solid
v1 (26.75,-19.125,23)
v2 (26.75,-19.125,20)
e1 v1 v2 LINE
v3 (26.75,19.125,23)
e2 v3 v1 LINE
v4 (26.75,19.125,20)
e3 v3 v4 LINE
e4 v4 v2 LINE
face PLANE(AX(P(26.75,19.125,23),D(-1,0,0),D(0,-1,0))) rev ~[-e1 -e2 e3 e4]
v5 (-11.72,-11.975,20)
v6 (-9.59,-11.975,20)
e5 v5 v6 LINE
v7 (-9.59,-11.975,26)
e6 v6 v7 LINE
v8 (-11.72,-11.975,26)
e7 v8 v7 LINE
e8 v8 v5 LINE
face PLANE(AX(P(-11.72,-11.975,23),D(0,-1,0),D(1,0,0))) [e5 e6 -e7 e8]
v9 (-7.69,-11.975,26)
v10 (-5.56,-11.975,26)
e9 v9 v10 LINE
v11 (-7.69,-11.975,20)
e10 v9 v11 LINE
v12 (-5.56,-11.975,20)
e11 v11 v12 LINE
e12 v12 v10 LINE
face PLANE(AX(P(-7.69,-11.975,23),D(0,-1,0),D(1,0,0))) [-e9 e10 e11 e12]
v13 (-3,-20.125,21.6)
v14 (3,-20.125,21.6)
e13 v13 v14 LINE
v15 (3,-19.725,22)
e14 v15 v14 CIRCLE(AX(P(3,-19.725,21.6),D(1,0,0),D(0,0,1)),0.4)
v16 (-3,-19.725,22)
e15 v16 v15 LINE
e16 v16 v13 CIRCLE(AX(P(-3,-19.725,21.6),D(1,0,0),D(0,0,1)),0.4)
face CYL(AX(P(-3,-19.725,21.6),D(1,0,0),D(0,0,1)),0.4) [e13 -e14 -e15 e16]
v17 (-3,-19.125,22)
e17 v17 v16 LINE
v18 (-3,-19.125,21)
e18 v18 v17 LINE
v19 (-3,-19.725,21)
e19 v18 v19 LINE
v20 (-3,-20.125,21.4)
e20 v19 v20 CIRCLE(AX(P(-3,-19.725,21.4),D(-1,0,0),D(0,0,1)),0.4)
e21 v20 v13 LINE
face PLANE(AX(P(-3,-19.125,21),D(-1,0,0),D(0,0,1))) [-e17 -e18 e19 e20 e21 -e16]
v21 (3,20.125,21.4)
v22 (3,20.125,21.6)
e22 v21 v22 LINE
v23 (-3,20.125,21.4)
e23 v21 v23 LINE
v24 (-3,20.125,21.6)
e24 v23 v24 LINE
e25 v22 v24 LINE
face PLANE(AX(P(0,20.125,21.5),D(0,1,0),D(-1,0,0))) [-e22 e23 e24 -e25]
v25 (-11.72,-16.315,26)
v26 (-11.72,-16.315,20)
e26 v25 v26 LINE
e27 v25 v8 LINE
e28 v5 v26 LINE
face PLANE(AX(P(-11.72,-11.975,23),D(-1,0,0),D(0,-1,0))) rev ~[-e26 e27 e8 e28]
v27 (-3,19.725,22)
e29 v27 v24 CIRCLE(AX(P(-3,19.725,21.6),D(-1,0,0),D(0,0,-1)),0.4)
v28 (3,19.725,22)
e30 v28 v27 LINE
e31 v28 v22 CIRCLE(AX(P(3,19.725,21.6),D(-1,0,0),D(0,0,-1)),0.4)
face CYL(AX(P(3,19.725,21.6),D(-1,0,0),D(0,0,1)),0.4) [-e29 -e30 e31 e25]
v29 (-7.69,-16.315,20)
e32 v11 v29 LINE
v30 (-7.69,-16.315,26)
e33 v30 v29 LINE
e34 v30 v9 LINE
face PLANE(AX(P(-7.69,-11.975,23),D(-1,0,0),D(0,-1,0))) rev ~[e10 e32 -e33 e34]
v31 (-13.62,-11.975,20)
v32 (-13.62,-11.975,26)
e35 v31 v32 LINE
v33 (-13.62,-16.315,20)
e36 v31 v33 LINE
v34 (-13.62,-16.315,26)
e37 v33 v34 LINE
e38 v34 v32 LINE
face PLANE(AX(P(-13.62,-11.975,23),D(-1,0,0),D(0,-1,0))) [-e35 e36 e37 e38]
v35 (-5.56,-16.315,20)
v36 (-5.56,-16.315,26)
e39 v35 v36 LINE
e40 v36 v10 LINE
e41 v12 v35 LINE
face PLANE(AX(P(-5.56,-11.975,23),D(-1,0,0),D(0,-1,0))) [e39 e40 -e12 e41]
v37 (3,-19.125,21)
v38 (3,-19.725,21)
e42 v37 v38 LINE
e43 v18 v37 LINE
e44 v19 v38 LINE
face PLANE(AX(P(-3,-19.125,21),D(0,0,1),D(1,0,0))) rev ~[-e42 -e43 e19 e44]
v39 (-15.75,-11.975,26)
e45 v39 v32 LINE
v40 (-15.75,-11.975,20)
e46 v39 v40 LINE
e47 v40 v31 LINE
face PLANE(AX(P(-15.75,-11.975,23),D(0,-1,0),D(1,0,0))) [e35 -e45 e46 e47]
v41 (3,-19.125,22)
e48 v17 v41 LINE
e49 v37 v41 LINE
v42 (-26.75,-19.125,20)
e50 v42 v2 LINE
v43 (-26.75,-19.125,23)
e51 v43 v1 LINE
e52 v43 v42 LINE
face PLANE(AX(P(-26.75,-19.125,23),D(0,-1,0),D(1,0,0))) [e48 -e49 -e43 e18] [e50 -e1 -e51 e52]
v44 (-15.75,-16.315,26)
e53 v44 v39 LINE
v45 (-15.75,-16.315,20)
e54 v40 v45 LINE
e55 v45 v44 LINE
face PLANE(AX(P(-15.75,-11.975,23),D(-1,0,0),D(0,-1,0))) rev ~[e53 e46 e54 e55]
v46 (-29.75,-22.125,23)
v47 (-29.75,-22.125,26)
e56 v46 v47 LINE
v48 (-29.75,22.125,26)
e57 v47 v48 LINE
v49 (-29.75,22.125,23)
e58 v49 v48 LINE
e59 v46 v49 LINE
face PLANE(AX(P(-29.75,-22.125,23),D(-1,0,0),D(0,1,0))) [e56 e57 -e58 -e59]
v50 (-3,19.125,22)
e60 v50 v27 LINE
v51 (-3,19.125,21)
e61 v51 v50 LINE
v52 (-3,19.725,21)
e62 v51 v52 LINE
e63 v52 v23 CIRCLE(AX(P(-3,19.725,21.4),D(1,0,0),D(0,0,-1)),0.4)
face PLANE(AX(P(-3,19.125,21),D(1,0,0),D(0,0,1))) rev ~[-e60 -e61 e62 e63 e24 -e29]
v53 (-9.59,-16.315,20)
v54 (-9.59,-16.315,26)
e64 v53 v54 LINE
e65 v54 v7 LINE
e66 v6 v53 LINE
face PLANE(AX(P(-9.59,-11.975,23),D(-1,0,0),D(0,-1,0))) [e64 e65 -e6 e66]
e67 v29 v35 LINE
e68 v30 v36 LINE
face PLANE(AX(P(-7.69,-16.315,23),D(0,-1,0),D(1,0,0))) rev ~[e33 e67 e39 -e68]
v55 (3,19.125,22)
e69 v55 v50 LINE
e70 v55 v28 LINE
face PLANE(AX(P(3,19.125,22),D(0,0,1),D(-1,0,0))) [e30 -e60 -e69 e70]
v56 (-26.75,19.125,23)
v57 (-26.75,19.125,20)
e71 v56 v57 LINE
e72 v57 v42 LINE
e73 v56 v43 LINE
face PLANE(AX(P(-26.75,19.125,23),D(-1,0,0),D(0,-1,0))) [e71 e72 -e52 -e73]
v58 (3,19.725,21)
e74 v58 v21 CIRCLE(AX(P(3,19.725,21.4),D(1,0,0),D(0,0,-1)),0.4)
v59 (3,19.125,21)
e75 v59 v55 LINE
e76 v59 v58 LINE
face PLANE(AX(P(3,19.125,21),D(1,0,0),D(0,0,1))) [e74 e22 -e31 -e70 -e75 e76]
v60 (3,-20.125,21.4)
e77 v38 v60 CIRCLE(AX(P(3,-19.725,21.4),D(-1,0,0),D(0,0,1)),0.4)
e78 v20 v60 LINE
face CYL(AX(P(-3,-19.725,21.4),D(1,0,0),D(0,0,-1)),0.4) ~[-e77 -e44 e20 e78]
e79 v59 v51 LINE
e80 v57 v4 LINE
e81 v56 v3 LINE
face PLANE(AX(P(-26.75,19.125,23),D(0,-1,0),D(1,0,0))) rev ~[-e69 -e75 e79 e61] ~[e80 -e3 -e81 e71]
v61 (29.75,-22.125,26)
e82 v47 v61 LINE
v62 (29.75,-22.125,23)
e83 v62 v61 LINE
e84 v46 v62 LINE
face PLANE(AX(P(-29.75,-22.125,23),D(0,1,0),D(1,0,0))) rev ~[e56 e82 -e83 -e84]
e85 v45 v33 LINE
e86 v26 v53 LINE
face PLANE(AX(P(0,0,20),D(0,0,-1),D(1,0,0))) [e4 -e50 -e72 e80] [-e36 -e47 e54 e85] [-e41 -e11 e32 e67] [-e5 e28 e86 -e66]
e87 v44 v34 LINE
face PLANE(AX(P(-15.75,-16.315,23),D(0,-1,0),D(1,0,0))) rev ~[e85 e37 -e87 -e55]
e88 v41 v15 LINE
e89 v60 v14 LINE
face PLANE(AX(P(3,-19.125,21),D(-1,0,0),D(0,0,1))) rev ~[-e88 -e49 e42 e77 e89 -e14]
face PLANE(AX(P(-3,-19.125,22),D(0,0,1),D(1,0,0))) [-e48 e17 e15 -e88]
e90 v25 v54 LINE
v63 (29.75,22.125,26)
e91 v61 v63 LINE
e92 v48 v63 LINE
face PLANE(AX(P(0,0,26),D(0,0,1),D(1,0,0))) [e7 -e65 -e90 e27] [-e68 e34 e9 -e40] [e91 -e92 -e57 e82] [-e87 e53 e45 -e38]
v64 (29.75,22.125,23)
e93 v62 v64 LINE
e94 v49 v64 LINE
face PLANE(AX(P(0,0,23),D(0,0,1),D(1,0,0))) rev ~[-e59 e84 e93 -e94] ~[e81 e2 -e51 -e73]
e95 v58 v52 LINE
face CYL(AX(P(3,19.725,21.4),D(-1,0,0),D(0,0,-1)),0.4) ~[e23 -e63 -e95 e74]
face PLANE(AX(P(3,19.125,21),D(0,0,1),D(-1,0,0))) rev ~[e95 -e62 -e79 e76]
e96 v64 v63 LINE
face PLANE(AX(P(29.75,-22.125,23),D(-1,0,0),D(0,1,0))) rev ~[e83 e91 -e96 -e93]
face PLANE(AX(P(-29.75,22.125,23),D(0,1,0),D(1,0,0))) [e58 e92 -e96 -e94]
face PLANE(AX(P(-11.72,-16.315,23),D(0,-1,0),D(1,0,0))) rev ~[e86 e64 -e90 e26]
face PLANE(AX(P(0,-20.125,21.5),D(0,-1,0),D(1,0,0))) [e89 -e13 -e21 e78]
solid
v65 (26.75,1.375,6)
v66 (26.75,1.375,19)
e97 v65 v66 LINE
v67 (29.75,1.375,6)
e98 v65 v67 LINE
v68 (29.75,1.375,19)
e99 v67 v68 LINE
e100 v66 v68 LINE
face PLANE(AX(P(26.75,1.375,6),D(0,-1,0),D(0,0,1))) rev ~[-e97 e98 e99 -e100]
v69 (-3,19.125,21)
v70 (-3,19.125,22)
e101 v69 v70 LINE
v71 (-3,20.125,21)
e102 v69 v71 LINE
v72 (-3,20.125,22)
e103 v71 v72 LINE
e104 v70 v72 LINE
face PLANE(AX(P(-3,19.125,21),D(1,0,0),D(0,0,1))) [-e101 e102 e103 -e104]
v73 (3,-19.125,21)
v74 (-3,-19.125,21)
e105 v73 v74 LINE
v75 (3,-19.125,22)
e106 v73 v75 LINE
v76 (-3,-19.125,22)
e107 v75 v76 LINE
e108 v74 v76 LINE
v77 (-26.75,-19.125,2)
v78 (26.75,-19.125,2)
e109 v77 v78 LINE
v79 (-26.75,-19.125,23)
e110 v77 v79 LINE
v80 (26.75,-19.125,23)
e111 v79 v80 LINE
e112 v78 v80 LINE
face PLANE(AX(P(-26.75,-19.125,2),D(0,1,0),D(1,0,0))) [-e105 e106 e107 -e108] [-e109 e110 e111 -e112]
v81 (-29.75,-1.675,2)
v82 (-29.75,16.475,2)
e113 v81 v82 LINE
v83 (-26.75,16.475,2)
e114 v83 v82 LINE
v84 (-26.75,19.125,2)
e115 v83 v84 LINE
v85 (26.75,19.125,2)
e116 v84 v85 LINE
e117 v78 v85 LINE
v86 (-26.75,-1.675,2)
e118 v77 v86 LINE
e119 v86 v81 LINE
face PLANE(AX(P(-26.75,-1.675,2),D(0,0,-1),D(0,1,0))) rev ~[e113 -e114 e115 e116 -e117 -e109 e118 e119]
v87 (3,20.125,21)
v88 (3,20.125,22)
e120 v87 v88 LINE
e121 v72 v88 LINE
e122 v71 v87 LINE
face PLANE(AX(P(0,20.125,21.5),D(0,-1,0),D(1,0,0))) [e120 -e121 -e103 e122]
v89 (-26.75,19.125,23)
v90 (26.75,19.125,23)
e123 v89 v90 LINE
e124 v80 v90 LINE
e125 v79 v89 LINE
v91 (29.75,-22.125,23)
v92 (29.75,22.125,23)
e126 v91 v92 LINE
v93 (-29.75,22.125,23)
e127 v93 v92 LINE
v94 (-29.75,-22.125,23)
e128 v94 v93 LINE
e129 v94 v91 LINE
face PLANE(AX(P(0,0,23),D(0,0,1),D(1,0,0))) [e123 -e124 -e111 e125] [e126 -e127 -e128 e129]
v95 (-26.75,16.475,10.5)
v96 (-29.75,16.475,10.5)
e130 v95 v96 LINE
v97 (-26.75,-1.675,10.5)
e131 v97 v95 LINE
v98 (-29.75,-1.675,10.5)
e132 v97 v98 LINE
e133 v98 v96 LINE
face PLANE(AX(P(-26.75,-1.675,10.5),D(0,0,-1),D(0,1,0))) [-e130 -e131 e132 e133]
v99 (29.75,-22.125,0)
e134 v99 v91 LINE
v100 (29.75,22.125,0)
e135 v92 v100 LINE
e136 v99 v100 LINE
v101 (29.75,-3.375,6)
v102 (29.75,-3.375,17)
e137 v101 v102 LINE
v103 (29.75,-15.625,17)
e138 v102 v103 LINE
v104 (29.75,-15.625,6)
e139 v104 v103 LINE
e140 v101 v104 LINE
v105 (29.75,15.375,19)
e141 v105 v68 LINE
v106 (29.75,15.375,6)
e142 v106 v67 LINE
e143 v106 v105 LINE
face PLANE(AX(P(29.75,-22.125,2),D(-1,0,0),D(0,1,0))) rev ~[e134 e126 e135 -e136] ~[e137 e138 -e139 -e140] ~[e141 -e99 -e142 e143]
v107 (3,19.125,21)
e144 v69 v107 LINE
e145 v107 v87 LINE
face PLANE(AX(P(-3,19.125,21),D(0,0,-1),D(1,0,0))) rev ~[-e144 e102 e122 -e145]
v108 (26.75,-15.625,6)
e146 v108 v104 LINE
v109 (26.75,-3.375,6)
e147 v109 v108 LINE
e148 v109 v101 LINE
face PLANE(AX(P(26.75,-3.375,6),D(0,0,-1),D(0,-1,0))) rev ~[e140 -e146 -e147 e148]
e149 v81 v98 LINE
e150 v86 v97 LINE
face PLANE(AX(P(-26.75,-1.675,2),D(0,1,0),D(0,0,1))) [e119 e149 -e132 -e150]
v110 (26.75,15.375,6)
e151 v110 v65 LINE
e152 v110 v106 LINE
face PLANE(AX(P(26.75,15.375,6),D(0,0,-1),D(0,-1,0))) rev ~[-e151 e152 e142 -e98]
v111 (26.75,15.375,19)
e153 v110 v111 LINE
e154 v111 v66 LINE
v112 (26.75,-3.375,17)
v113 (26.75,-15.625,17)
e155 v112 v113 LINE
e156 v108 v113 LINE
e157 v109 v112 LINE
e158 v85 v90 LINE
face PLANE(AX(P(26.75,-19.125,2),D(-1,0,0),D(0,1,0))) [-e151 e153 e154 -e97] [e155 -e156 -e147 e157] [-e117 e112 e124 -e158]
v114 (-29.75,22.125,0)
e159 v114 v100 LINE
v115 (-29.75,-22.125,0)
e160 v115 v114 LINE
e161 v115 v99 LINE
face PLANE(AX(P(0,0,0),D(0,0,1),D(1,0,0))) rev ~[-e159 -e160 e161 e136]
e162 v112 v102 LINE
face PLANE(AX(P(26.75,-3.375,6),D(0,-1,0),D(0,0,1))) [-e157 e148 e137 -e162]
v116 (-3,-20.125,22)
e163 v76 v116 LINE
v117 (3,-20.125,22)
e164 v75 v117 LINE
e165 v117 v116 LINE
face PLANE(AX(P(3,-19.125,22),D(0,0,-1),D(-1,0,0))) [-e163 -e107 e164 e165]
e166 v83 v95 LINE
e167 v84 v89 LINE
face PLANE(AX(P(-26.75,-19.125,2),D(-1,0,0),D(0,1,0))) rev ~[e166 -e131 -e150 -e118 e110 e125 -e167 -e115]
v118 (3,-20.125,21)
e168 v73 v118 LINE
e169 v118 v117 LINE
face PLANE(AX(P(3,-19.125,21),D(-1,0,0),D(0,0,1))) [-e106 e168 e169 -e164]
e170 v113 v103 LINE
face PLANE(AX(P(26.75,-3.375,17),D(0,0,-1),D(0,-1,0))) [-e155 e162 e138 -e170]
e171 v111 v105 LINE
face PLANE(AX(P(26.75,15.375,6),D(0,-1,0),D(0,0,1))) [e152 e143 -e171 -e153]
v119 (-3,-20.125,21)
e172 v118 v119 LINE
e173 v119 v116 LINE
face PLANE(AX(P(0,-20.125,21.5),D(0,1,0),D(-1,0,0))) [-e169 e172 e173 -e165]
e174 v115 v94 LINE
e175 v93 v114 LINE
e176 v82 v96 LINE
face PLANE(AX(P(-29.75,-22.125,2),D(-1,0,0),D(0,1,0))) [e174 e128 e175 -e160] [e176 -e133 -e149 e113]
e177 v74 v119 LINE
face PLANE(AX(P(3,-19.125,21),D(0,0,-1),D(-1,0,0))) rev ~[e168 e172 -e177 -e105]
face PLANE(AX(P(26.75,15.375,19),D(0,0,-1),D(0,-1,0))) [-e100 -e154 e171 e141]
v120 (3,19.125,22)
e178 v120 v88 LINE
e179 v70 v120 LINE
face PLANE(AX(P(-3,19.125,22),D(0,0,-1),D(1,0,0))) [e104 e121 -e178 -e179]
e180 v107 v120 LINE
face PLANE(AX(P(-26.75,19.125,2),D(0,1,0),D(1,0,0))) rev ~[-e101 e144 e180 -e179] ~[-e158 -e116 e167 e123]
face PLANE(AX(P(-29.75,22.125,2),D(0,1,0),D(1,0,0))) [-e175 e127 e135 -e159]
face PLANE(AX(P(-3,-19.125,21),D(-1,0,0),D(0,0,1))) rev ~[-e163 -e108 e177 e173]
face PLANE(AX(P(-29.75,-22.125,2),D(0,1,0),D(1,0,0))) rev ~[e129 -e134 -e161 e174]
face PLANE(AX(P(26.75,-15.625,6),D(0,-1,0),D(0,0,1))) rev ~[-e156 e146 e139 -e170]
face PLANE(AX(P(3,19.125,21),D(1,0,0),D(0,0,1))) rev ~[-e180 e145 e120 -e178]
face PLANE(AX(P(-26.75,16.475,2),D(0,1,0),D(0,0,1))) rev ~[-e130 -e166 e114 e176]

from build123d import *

# Parameters (mm, degrees)
SKETCH001_W     = 59.5
SKETCH001_H     = 44.25
PAD_DEPTH       = 2
SKETCH002_W     = 59.5
SKETCH002_H     = 44.25
SKETCH002_W_2   = 53.5
SKETCH002_H_2   = 38.25
PAD001_DEPTH    = 21
SKETCH003_W     = 14
SKETCH003_H     = 13
POCKET_DEPTH    = 3
SKETCH004_W     = 12.25
SKETCH004_H     = 11
POCKET001_DEPTH = 3
SKETCH009_W     = 6
SKETCH009_H     = 1
POCKET002_DEPTH = 1
SKETCH010_W     = 6
SKETCH010_H     = 1
POCKET003_DEPTH = 1
SKETCH011_W     = 18.15
SKETCH011_H     = 8.5
POCKET004_DEPTH = 3
SKETCH005_W     = 59.5
SKETCH005_H     = 44.25
SKETCH005_W_2   = 2.13
SKETCH005_H_2   = 4.34
PAD002_DEPTH    = 3
SKETCH006_W     = 53.5
SKETCH006_H     = 38.25
SKETCH006_W_2   = 2.13
SKETCH006_H_2   = 4.34
PAD003_DEPTH    = 3
SKETCH007_W     = 6
SKETCH007_H     = 1
PAD004_DEPTH    = 1
SKETCH008_W     = 6
SKETCH008_H     = 1
PAD005_DEPTH    = 1
FILLET_R        = 0.4


with BuildPart() as body:
    # Sketch001 → Pad (new body)
    with BuildSketch(Plane.XY):
        Rectangle(SKETCH001_W, SKETCH001_H)
    extrude(amount=PAD_DEPTH)

    # Sketch002 (on Face6 of Pad) → Pad001 (join)
    with BuildSketch(Plane.XY.offset(2)):
        Rectangle(SKETCH002_W, SKETCH002_H)
        Rectangle(SKETCH002_W_2, SKETCH002_H_2, mode=Mode.SUBTRACT)
    extrude(amount=PAD001_DEPTH)

    # Sketch003 (on Face6 of Pad001) → Pocket (cut)
    with BuildSketch(Plane(origin=(26.75, 0, 0), x_dir=(0, -1, 0), z_dir=(-1, 0, 0))):
        with Locations((-8.375, 12.5)):
            Rectangle(SKETCH003_W, SKETCH003_H)
    extrude(amount=-POCKET_DEPTH, mode=Mode.SUBTRACT)

    # Sketch004 (on Face13 of Pocket) → Pocket001 (cut)
    with BuildSketch(Plane(origin=(26.75, 0, 0), x_dir=(0, -1, 0), z_dir=(-1, 0, 0))):
        with Locations((9.5, 11.5)):
            Rectangle(SKETCH004_W, SKETCH004_H)
    extrude(amount=-POCKET001_DEPTH, mode=Mode.SUBTRACT)

    # Sketch009 (on Face18 of Pocket001) → Pocket002 (cut)
    with BuildSketch(Plane.XZ.offset(-19.125)):
        with Locations((0, 21.5)):
            Rectangle(SKETCH009_W, SKETCH009_H)
    extrude(amount=-POCKET002_DEPTH, mode=Mode.SUBTRACT)

    # Sketch010 (on Face16 of Pocket002) → Pocket003 (cut)
    with BuildSketch(Plane(origin=(0, -19.125, 0), x_dir=(-1, 0, 0), z_dir=(0, 1, 0))):
        with Locations((0, 21.5)):
            Rectangle(SKETCH010_W, SKETCH010_H)
    extrude(amount=-POCKET003_DEPTH, mode=Mode.SUBTRACT)

    # Sketch011 (on Face15 of Pocket003) → Pocket004 (cut)
    with BuildSketch(Plane.YZ.offset(-26.75)):
        with Locations((7.4, 6.25)):
            Rectangle(SKETCH011_W, SKETCH011_H)
    extrude(amount=-POCKET004_DEPTH, mode=Mode.SUBTRACT)


with BuildPart() as lid:
    # Sketch005 (on DatumPlane) → Pad002 (new body)
    with BuildSketch(Plane.XY.offset(23)):
        Rectangle(SKETCH005_W, SKETCH005_H)
        with Locations((-14.685, -14.145)):
            Rectangle(SKETCH005_W_2, SKETCH005_H_2, mode=Mode.SUBTRACT)
        with Locations((-10.655, -14.145)):
            Rectangle(SKETCH005_W_2, SKETCH005_H_2, mode=Mode.SUBTRACT)
        with Locations((-6.625, -14.145)):
            Rectangle(SKETCH005_W_2, SKETCH005_H_2, mode=Mode.SUBTRACT)
    extrude(amount=PAD002_DEPTH)

    # Sketch006 (on Face17 of Pad002) → Pad003 (join)
    with BuildSketch(Plane(origin=(0, 0, 23), x_dir=(1, 0, 0), z_dir=(0, 0, -1))):
        Rectangle(SKETCH006_W, SKETCH006_H)
        with Locations((-6.625, 14.145)):
            Rectangle(SKETCH006_W_2, SKETCH006_H_2, mode=Mode.SUBTRACT)
        with Locations((-10.655, 14.145)):
            Rectangle(SKETCH006_W_2, SKETCH006_H_2, mode=Mode.SUBTRACT)
        with Locations((-14.685, 14.145)):
            Rectangle(SKETCH006_W_2, SKETCH006_H_2, mode=Mode.SUBTRACT)
    extrude(amount=PAD003_DEPTH)

    # Sketch007 (on Face10 of Pad003) → Pad004 (join)
    with BuildSketch(Plane(origin=(0, -19.125, 23), x_dir=(1, 0, 0), z_dir=(0, -1, 0))):
        with Locations((0, -1.5)):
            Rectangle(SKETCH007_W, SKETCH007_H)
    extrude(amount=PAD004_DEPTH)

    # Sketch008 (on Face8 of Pad004) → Pad005 (join)
    with BuildSketch(Plane(origin=(0, 19.125, 23), x_dir=(-1, 0, 0), z_dir=(0, 1, 0))):
        with Locations((0, -1.5)):
            Rectangle(SKETCH008_W, SKETCH008_H)
    extrude(amount=PAD005_DEPTH)

    # Fillet
    fillet_edges = [lid.edges().sort_by_distance(p)[0] for p in [
        (0, 20.125, 22),
        (0, 20.125, 21),
        (0, -20.125, 22),
        (0, -20.125, 21),
    ]]
    fillet(fillet_edges, radius=FILLET_R)


solid = Compound([body.part, lid.part])
